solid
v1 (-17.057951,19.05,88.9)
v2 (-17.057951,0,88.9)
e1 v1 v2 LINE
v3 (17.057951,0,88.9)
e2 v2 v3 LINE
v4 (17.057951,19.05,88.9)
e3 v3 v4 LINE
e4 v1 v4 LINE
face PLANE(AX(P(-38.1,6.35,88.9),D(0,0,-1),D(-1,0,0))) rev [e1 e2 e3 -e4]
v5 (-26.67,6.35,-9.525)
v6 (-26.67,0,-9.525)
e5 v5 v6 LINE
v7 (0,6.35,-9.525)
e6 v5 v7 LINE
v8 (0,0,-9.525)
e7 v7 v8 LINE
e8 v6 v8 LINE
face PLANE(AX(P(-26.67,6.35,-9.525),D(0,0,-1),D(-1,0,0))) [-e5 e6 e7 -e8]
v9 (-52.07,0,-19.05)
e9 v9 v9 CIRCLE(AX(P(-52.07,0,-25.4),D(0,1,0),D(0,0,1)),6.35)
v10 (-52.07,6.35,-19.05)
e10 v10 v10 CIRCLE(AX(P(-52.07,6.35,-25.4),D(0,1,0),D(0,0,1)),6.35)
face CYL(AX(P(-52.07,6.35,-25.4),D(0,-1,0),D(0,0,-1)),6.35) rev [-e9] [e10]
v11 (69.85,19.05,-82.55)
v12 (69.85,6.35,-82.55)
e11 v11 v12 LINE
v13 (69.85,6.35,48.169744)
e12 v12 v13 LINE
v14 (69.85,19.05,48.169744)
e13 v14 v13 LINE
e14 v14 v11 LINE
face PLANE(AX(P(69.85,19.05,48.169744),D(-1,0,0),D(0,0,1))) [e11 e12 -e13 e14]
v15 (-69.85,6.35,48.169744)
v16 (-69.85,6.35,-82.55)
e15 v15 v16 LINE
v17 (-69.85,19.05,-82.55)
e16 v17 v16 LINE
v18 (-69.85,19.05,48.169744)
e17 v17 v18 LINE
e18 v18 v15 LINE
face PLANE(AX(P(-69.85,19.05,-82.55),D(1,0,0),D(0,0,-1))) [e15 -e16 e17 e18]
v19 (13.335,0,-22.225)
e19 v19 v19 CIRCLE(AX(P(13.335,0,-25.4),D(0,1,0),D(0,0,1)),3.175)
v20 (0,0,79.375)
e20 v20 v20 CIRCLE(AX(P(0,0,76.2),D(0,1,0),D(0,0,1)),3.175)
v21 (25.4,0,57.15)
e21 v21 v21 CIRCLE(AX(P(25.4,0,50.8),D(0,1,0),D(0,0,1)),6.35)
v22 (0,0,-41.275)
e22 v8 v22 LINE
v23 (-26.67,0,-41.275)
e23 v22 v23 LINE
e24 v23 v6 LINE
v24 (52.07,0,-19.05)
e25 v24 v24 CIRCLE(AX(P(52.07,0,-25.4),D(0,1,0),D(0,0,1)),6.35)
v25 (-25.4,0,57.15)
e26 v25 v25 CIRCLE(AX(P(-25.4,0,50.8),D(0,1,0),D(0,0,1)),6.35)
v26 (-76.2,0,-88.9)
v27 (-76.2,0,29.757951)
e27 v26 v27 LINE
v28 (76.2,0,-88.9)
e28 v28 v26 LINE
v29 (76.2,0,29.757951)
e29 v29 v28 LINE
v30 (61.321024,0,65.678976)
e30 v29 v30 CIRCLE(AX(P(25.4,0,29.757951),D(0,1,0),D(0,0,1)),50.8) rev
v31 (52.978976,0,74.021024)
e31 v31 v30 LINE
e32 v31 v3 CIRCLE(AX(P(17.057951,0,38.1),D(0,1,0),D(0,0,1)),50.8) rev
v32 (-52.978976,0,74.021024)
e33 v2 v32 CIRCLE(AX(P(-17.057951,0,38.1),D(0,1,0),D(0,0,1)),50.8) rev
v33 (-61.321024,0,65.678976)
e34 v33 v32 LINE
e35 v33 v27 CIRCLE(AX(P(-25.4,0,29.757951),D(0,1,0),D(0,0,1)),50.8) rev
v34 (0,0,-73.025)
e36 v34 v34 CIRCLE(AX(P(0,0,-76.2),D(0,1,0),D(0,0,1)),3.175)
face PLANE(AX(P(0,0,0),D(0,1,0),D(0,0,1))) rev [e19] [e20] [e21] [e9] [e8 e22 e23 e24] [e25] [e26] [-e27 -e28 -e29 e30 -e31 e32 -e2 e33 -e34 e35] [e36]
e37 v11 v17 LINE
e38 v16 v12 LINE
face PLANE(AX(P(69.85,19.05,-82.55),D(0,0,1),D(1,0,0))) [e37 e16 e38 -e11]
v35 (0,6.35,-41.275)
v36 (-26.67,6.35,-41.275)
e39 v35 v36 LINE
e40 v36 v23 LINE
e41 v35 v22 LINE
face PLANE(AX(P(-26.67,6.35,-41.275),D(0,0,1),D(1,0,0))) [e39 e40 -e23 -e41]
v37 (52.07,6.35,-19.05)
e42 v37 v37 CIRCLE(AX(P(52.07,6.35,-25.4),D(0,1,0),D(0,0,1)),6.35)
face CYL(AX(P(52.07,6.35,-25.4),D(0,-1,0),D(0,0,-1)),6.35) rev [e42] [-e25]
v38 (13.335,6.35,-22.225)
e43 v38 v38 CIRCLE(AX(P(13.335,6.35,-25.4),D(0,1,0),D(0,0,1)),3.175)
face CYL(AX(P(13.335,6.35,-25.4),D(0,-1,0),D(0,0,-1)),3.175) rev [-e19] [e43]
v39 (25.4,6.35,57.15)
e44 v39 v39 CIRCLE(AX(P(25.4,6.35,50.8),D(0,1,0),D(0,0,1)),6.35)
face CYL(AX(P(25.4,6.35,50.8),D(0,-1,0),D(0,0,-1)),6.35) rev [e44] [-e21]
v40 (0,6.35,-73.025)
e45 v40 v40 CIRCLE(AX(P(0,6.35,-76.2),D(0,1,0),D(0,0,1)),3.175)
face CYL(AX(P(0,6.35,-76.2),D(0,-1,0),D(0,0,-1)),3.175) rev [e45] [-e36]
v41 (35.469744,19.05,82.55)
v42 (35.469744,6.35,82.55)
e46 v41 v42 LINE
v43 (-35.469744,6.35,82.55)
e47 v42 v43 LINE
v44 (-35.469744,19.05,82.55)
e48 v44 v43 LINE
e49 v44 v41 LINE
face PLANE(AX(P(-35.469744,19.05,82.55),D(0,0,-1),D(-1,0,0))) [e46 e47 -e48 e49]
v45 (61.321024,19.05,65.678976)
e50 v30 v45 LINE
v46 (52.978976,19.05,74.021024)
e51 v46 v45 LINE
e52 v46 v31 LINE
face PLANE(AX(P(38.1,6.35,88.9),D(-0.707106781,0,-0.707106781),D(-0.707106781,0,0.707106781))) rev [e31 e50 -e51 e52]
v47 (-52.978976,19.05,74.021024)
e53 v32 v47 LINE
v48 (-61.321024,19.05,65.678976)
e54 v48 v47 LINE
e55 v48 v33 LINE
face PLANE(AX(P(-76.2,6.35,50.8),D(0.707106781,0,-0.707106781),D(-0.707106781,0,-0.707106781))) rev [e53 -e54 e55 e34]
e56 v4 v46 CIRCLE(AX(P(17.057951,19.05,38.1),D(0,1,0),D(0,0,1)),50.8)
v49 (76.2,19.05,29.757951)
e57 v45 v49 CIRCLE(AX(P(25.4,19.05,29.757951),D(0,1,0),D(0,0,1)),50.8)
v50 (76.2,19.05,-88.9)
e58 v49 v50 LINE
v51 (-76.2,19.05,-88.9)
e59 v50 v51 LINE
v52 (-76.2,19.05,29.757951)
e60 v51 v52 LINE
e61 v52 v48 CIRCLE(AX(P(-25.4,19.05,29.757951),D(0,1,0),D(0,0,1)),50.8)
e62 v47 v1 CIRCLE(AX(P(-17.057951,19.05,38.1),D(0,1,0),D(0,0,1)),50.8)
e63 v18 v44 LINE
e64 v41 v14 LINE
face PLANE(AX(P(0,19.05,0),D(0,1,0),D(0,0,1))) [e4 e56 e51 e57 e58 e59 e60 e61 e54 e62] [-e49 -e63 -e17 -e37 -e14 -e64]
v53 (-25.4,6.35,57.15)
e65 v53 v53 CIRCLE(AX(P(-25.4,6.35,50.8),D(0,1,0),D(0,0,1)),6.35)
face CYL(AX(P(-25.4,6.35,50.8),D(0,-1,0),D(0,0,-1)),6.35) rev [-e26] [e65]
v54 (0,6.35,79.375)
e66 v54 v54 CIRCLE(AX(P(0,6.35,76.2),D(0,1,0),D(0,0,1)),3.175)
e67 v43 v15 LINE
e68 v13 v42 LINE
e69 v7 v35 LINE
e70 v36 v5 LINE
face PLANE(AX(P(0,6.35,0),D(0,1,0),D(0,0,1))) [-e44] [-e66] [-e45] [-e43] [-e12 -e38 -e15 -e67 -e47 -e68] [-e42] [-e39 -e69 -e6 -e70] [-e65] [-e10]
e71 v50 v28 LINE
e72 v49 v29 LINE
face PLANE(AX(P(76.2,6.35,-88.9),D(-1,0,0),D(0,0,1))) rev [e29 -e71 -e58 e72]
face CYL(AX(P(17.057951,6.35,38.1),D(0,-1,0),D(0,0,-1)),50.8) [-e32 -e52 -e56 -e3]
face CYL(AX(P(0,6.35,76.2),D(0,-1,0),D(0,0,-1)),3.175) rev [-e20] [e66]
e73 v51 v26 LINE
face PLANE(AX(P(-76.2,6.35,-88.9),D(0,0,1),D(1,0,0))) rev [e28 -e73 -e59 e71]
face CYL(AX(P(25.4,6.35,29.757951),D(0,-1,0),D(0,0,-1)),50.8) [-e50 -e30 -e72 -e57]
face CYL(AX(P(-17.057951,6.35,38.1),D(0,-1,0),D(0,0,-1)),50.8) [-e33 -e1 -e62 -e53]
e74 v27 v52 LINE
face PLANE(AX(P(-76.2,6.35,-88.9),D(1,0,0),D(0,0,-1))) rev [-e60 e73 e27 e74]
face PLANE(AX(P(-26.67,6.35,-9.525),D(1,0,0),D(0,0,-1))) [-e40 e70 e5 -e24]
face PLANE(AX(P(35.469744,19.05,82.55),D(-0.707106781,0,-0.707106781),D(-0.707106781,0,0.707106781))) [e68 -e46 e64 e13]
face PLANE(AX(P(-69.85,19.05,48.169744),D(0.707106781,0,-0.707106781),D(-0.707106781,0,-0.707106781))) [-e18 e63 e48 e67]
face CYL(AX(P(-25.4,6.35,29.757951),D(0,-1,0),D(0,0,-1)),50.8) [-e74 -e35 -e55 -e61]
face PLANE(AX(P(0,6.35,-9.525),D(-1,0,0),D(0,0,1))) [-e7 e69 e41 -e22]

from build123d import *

# Parameters (mm, degrees)
SKETCH1_R           = 6.35
SKETCH1_R_2         = 3.175
SKETCH1_W           = 26.67
SKETCH1_H           = 31.75
BOSS_EXTRUDE1_DEPTH = 6.35
BOSS_EXTRUDE2_DEPTH = 19.05
FILLET1_R           = 50.8


with BuildPart() as part:
    # Sketch1 → Boss-Extrude1 (new body)
    with BuildSketch(Plane(origin=(0, 0, 0), x_dir=(1, 0, 0), z_dir=(0, 1, 0))):
        Polygon((-76.2, 88.9), (76.2, 88.9), (76.2, -50.8), (38.1, -88.9), (-38.1, -88.9), (-76.2, -50.8), align=None)
        with Locations((52.07, 25.4)):
            Circle(SKETCH1_R, mode=Mode.SUBTRACT)
        with Locations((-25.4, -50.8)):
            Circle(SKETCH1_R, mode=Mode.SUBTRACT)
        with Locations((25.4, -50.8)):
            Circle(SKETCH1_R, mode=Mode.SUBTRACT)
        with Locations((0, -76.2)):
            Circle(SKETCH1_R_2, mode=Mode.SUBTRACT)
        with Locations((0, 76.2)):
            Circle(SKETCH1_R_2, mode=Mode.SUBTRACT)
        with Locations((-52.07, 25.4)):
            Circle(SKETCH1_R, mode=Mode.SUBTRACT)
        with Locations((13.335, 25.4)):
            Circle(SKETCH1_R_2, mode=Mode.SUBTRACT)
        with Locations((-13.335, 25.4)):
            Rectangle(SKETCH1_W, SKETCH1_H, mode=Mode.SUBTRACT)
    extrude(amount=BOSS_EXTRUDE1_DEPTH)

    # Sketch2 → Boss-Extrude2 (add)
    with BuildSketch(Plane(origin=(0, 0, 0), x_dir=(1, 0, 0), z_dir=(0, 1, 0))):
        Polygon((-76.2, 88.9), (-76.2, -50.8), (-38.1, -88.9), (38.1, -88.9), (76.2, -50.8), (76.2, 88.9), align=None)
        Polygon((-69.85, 82.55), (-69.85, -48.169743879), (-35.469743879, -82.55), (35.469743879, -82.55), (69.85, -48.169743879), (69.85, 82.55), align=None, mode=Mode.SUBTRACT)
    extrude(amount=BOSS_EXTRUDE2_DEPTH)

    # Fillet1
    fillet1_edges = [part.edges().sort_by_distance(p)[0] for p in [
        (76.2, 9.525, 50.8),
        (38.1, 9.525, 88.9),
        (-38.1, 9.525, 88.9),
        (-76.2, 9.525, 50.8),
    ]]
    fillet(fillet1_edges, radius=FILLET1_R)


solid = part.part
